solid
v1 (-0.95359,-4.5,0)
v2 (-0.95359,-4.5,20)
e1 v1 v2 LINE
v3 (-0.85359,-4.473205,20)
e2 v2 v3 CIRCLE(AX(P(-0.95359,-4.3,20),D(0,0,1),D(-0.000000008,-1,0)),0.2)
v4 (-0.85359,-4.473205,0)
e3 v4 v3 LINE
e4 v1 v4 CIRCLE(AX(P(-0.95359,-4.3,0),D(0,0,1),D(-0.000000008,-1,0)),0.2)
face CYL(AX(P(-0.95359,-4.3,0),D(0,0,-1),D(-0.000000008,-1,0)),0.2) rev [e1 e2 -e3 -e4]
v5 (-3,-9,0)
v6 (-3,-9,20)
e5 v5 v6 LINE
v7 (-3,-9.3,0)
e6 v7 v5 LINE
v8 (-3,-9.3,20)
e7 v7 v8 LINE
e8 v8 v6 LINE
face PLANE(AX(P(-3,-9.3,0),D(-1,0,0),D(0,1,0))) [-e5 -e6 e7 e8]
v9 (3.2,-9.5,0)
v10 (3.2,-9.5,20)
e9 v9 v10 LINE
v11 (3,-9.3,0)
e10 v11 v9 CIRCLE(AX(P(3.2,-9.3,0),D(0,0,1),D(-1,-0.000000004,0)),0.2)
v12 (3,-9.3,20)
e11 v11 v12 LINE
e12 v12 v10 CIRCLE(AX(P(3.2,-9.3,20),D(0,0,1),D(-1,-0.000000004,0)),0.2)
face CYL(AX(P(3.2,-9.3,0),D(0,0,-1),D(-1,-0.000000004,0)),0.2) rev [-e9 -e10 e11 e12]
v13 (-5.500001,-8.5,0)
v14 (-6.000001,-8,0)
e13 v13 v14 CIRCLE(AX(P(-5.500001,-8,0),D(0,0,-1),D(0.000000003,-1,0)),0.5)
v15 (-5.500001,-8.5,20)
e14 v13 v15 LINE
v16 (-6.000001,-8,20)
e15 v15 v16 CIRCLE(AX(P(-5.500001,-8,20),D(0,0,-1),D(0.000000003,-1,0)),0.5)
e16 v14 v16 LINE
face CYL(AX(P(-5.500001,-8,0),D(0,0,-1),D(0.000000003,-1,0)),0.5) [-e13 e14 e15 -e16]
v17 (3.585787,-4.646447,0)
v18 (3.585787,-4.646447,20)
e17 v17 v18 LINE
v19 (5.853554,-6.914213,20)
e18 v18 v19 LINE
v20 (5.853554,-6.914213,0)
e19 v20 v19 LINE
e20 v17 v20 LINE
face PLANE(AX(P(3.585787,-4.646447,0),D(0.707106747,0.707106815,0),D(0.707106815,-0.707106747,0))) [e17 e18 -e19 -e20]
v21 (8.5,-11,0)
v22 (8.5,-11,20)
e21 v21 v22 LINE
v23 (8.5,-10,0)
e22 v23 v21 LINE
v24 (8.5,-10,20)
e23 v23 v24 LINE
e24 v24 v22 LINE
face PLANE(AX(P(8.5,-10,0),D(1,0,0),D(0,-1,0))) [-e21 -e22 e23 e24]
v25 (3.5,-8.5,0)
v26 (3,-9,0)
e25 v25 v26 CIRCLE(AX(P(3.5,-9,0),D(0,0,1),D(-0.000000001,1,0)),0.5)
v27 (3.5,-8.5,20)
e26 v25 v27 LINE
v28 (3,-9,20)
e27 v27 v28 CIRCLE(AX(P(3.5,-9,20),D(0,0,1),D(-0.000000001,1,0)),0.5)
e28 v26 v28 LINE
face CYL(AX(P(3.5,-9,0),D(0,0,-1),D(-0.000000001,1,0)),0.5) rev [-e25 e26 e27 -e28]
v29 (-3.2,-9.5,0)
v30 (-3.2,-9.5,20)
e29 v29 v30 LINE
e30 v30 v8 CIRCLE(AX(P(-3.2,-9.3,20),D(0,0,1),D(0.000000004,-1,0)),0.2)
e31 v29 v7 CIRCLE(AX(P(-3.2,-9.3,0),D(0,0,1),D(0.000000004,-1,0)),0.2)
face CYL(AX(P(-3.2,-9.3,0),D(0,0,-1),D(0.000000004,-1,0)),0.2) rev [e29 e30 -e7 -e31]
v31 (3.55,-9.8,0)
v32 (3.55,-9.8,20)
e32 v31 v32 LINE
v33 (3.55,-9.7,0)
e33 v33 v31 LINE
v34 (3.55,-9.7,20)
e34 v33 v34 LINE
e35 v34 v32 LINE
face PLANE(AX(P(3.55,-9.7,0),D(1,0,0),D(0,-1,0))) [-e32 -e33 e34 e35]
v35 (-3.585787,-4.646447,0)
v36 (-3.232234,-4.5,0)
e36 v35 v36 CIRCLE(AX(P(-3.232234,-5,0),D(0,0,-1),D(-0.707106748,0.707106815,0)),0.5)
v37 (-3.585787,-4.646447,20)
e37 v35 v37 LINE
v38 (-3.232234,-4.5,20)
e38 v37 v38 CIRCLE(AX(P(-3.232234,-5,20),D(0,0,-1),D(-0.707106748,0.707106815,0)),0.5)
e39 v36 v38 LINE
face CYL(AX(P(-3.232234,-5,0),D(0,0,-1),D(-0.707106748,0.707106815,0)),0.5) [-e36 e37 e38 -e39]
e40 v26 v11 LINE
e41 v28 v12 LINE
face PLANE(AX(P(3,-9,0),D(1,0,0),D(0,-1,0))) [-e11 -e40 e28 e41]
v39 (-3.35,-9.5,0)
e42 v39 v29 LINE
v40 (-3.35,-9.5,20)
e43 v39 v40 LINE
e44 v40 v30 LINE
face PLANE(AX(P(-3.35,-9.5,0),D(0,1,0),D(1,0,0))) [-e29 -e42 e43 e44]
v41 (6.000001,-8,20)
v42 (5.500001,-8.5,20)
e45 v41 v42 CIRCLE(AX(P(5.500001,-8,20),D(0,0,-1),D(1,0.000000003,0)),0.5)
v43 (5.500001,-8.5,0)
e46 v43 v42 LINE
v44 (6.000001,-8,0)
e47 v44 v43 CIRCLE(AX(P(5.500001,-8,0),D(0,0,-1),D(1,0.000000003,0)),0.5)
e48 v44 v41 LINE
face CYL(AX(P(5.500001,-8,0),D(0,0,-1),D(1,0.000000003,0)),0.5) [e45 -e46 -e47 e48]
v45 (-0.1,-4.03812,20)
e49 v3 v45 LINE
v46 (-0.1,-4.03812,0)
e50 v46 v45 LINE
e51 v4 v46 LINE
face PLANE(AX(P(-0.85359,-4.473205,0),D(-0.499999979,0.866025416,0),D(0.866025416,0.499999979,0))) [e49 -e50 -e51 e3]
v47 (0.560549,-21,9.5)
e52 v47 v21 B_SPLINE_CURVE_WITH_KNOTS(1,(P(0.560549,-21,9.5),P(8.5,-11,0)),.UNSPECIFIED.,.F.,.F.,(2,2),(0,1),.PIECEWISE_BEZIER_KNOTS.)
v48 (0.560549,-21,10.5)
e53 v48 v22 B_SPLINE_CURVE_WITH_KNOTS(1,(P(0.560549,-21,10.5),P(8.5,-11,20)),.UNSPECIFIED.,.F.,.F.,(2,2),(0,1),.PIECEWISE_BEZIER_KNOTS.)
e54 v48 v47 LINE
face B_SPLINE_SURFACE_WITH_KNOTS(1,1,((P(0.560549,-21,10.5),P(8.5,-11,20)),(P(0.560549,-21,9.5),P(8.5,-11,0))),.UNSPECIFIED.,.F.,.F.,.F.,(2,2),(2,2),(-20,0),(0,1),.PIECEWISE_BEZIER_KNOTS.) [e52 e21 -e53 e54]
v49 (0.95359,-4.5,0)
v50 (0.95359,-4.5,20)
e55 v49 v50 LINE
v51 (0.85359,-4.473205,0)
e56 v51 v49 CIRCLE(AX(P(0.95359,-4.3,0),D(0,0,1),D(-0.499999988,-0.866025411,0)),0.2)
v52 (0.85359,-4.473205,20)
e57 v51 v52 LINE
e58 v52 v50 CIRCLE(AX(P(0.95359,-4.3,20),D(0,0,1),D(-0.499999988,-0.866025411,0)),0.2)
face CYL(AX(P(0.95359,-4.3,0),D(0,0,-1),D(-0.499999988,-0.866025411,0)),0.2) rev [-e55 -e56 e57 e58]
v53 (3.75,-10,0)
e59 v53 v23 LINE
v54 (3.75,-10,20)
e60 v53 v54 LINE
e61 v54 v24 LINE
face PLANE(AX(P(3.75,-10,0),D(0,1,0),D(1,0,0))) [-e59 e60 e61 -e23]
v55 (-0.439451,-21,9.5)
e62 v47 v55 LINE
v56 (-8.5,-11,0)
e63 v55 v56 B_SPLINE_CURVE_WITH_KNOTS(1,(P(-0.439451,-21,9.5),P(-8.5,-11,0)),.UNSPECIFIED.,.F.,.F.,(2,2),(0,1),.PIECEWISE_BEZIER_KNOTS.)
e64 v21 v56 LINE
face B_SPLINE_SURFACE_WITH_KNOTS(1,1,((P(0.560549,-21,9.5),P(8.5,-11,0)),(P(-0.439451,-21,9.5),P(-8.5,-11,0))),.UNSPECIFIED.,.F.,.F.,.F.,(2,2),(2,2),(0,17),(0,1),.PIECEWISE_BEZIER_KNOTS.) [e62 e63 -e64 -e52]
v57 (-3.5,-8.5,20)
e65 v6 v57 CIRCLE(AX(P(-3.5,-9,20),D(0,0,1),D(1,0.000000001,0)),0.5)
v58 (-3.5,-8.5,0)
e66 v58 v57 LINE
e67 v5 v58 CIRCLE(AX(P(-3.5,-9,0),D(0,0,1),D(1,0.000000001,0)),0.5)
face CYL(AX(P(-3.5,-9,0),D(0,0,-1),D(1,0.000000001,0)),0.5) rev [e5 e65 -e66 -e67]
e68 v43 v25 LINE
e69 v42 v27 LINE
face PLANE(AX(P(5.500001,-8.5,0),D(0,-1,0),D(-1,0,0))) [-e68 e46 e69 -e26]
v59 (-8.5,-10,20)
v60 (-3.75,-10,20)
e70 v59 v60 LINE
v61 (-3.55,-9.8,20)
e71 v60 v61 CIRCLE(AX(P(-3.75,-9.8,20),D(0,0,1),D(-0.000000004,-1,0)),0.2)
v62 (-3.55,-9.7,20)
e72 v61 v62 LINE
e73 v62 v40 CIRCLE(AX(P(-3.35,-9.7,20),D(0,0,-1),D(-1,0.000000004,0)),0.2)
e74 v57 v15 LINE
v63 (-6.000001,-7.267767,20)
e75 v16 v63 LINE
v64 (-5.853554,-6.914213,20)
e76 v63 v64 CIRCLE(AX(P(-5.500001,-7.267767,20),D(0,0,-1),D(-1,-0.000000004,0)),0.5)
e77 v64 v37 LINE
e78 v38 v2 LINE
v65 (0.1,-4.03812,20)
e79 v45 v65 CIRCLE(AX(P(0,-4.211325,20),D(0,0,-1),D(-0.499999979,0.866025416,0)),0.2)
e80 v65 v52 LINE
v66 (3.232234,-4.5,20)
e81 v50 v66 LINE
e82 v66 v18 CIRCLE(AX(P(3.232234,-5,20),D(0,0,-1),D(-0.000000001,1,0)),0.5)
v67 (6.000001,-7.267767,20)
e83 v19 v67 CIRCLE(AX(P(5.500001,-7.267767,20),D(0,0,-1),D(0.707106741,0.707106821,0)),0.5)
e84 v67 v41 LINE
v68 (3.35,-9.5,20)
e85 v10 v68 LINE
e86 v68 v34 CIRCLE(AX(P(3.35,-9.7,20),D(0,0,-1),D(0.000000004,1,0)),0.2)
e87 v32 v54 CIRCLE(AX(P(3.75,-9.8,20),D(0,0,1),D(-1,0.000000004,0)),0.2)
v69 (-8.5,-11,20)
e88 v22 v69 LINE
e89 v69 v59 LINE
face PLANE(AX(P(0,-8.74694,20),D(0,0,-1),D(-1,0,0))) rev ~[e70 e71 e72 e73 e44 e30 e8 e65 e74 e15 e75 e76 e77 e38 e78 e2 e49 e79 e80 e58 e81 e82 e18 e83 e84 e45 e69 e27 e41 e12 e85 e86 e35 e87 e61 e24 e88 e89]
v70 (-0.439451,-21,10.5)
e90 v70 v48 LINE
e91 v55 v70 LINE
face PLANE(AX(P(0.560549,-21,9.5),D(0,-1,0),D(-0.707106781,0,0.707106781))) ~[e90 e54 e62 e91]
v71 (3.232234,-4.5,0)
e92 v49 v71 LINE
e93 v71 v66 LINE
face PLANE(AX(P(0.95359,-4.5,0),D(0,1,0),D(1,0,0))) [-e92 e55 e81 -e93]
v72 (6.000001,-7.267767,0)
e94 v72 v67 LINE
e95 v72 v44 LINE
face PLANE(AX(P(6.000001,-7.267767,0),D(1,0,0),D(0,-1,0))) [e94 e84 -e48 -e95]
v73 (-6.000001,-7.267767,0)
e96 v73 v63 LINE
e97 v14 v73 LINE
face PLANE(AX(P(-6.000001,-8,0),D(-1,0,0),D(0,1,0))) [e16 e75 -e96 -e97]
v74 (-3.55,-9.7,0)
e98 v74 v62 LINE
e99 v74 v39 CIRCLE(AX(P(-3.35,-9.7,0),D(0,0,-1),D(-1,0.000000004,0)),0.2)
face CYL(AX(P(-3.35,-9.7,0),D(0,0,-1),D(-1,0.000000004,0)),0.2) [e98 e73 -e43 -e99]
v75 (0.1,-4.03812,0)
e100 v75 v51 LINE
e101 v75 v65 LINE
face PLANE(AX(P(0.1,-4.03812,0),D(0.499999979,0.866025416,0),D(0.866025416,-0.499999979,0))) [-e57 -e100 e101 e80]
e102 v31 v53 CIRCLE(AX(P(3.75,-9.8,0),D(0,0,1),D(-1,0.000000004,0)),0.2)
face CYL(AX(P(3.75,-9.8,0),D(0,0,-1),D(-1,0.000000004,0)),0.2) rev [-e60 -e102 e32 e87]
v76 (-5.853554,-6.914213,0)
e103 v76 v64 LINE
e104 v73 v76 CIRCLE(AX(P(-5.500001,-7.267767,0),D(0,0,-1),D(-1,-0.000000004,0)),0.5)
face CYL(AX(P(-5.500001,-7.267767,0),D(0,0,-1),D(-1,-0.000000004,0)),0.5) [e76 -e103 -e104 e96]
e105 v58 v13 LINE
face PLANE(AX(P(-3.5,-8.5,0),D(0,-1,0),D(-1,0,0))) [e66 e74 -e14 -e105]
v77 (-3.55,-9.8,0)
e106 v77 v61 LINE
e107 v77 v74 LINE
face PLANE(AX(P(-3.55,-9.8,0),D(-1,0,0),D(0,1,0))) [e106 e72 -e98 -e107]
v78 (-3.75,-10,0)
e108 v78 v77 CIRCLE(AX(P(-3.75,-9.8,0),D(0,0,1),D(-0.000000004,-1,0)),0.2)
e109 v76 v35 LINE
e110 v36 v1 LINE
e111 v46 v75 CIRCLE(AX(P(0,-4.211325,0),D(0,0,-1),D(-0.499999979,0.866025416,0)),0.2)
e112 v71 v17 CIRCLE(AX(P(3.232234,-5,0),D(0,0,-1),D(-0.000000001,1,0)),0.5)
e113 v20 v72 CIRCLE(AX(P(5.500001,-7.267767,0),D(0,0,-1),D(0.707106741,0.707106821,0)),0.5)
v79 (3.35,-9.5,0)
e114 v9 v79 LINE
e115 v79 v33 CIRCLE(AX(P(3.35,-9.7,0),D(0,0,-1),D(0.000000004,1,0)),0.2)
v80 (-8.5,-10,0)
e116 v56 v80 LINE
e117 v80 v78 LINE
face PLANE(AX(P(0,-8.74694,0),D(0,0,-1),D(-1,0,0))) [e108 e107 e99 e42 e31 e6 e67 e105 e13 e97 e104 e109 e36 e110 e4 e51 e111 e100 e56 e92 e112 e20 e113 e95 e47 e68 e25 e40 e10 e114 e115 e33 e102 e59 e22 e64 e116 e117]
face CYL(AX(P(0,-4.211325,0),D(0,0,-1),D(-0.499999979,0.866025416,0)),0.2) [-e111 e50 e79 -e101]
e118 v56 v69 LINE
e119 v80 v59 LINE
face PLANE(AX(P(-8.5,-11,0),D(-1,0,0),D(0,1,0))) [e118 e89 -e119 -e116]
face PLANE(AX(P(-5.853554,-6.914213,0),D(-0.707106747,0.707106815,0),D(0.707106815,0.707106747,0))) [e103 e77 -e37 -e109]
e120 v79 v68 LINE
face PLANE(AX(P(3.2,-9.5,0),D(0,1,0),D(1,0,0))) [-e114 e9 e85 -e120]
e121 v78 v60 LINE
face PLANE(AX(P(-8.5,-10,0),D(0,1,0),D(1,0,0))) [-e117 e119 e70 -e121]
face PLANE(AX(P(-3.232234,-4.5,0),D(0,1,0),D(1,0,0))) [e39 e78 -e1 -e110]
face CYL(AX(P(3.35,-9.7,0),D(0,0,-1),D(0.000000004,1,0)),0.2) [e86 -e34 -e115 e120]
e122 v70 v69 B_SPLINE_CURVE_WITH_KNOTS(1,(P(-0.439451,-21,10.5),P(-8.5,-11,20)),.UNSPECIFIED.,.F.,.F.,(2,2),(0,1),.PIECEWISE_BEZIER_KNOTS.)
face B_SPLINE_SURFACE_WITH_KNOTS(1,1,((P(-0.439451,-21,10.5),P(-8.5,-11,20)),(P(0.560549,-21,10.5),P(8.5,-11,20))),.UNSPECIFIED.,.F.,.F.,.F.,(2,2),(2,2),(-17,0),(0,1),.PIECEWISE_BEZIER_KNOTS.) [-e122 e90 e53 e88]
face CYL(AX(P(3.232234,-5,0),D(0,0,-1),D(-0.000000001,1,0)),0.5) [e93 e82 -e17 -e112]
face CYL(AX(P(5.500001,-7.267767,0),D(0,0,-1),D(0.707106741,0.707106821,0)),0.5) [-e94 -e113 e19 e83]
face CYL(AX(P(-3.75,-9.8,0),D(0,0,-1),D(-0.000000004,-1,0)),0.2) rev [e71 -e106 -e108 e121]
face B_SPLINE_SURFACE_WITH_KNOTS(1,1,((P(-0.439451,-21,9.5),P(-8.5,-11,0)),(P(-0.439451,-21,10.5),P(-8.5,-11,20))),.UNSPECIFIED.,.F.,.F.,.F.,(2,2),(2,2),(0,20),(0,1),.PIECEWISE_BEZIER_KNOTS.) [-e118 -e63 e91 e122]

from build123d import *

# Parameters (mm, degrees)
BOSS_EXTRUDE1_DEPTH = 20


with BuildPart() as part:
    # Sketch3 → Boss-Extrude1 (new body)
    with BuildSketch(Plane.XY):
        with BuildLine():
            Line((3.750000228, -10), (8.5, -10))
            Line((8.5, -10), (8.5, -11))
            Line((8.5, -11), (-8.5, -11))
            Line((-8.5, -11), (-8.5, -10))
            Line((-8.5, -10), (-3.750000228, -10))
            ThreePointArc((-3.750000228, -10), (-3.608578871, -9.941421356), (-3.550000228, -9.8))
            Line((-3.550000228, -9.8), (-3.550000228, -9.7))
            ThreePointArc((-3.550000228, -9.7), (-3.491421584, -9.558578644), (-3.350000228, -9.5))
            Line((-3.350000228, -9.5), (-3.2, -9.5))
            ThreePointArc((-3.2, -9.5), (-3.058578644, -9.441421356), (-3, -9.3))
            Line((-3, -9.3), (-3, -8.999999673))
            ThreePointArc((-3, -8.999999673), (-3.146446609, -8.646446283), (-3.5, -8.499999673))
            Line((-3.5, -8.499999673), (-5.500000686, -8.499999673))
            ThreePointArc((-5.500000686, -8.499999673), (-5.853554077, -8.353553064), (-6.000000686, -7.999999673))
            Line((-6.000000686, -7.999999673), (-6.000000686, -7.267766626))
            ThreePointArc((-6.000000686, -7.267766626), (-5.961940448, -7.076424899), (-5.853554059, -6.914213219))
            Line((-5.853554059, -6.914213219), (-3.585787212, -4.646446592))
            ThreePointArc((-3.585787212, -4.646446592), (-3.423575544, -4.538060229), (-3.232233839, -4.5))
            Line((-3.232233839, -4.5), (-0.953590312, -4.5))
            ThreePointArc((-0.953590312, -4.5), (-0.901826505, -4.493185166), (-0.853590316, -4.473205083))
            Line((-0.853590316, -4.473205083), (-0.100000045, -4.038119562))
            ThreePointArc((-0.100000045, -4.038119562), (0, -4.011324632), (0.100000045, -4.038119562))
            Line((0.100000045, -4.038119562), (0.853590316, -4.473205083))
            ThreePointArc((0.853590316, -4.473205083), (0.901826505, -4.493185166), (0.953590312, -4.5))
            Line((0.953590312, -4.5), (3.232233839, -4.5))
            ThreePointArc((3.232233839, -4.5), (3.423575544, -4.538060229), (3.585787212, -4.646446592))
            Line((3.585787212, -4.646446592), (5.853554059, -6.914213219))
            ThreePointArc((5.853554059, -6.914213219), (5.961940448, -7.076424899), (6.000000686, -7.267766626))
            Line((6.000000686, -7.267766626), (6.000000686, -7.999999673))
            ThreePointArc((6.000000686, -7.999999673), (5.853554077, -8.353553064), (5.500000686, -8.499999673))
            Line((5.500000686, -8.499999673), (3.5, -8.499999673))
            ThreePointArc((3.5, -8.499999673), (3.146446609, -8.646446283), (3, -8.999999673))
            Line((3, -8.999999673), (3, -9.3))
            ThreePointArc((3, -9.3), (3.058578644, -9.441421356), (3.2, -9.5))
            Line((3.2, -9.5), (3.350000228, -9.5))
            ThreePointArc((3.350000228, -9.5), (3.491421584, -9.558578644), (3.550000228, -9.7))
            Line((3.550000228, -9.7), (3.550000228, -9.8))
            ThreePointArc((3.550000228, -9.8), (3.608578871, -9.941421356), (3.750000228, -10))
        make_face()
    extrude(amount=BOSS_EXTRUDE1_DEPTH)

    # Çizim2 → section 0 of loft1
    with BuildSketch(Plane(origin=(0, -21, 0), x_dir=(-1, 0, 0), z_dir=(0, -1, 0)), mode=Mode.PRIVATE) as loft1_s0:
        with BuildLine():
            Line((-0.560549313, -9.5), (0.439450687, -9.5))
            Line((0.439450687, -9.5), (0.439450687, -10.5))
            Line((0.439450687, -10.5), (-0.560549313, -10.5))
            Line((-0.560549313, -10.5), (-0.560549313, -9.5))
        make_face()
    # loft up to a face of the part (loft1)
    loft([loft1_s0.sketch, part.faces().sort_by_distance((0, -11, 10))[0]])


solid = part.part
